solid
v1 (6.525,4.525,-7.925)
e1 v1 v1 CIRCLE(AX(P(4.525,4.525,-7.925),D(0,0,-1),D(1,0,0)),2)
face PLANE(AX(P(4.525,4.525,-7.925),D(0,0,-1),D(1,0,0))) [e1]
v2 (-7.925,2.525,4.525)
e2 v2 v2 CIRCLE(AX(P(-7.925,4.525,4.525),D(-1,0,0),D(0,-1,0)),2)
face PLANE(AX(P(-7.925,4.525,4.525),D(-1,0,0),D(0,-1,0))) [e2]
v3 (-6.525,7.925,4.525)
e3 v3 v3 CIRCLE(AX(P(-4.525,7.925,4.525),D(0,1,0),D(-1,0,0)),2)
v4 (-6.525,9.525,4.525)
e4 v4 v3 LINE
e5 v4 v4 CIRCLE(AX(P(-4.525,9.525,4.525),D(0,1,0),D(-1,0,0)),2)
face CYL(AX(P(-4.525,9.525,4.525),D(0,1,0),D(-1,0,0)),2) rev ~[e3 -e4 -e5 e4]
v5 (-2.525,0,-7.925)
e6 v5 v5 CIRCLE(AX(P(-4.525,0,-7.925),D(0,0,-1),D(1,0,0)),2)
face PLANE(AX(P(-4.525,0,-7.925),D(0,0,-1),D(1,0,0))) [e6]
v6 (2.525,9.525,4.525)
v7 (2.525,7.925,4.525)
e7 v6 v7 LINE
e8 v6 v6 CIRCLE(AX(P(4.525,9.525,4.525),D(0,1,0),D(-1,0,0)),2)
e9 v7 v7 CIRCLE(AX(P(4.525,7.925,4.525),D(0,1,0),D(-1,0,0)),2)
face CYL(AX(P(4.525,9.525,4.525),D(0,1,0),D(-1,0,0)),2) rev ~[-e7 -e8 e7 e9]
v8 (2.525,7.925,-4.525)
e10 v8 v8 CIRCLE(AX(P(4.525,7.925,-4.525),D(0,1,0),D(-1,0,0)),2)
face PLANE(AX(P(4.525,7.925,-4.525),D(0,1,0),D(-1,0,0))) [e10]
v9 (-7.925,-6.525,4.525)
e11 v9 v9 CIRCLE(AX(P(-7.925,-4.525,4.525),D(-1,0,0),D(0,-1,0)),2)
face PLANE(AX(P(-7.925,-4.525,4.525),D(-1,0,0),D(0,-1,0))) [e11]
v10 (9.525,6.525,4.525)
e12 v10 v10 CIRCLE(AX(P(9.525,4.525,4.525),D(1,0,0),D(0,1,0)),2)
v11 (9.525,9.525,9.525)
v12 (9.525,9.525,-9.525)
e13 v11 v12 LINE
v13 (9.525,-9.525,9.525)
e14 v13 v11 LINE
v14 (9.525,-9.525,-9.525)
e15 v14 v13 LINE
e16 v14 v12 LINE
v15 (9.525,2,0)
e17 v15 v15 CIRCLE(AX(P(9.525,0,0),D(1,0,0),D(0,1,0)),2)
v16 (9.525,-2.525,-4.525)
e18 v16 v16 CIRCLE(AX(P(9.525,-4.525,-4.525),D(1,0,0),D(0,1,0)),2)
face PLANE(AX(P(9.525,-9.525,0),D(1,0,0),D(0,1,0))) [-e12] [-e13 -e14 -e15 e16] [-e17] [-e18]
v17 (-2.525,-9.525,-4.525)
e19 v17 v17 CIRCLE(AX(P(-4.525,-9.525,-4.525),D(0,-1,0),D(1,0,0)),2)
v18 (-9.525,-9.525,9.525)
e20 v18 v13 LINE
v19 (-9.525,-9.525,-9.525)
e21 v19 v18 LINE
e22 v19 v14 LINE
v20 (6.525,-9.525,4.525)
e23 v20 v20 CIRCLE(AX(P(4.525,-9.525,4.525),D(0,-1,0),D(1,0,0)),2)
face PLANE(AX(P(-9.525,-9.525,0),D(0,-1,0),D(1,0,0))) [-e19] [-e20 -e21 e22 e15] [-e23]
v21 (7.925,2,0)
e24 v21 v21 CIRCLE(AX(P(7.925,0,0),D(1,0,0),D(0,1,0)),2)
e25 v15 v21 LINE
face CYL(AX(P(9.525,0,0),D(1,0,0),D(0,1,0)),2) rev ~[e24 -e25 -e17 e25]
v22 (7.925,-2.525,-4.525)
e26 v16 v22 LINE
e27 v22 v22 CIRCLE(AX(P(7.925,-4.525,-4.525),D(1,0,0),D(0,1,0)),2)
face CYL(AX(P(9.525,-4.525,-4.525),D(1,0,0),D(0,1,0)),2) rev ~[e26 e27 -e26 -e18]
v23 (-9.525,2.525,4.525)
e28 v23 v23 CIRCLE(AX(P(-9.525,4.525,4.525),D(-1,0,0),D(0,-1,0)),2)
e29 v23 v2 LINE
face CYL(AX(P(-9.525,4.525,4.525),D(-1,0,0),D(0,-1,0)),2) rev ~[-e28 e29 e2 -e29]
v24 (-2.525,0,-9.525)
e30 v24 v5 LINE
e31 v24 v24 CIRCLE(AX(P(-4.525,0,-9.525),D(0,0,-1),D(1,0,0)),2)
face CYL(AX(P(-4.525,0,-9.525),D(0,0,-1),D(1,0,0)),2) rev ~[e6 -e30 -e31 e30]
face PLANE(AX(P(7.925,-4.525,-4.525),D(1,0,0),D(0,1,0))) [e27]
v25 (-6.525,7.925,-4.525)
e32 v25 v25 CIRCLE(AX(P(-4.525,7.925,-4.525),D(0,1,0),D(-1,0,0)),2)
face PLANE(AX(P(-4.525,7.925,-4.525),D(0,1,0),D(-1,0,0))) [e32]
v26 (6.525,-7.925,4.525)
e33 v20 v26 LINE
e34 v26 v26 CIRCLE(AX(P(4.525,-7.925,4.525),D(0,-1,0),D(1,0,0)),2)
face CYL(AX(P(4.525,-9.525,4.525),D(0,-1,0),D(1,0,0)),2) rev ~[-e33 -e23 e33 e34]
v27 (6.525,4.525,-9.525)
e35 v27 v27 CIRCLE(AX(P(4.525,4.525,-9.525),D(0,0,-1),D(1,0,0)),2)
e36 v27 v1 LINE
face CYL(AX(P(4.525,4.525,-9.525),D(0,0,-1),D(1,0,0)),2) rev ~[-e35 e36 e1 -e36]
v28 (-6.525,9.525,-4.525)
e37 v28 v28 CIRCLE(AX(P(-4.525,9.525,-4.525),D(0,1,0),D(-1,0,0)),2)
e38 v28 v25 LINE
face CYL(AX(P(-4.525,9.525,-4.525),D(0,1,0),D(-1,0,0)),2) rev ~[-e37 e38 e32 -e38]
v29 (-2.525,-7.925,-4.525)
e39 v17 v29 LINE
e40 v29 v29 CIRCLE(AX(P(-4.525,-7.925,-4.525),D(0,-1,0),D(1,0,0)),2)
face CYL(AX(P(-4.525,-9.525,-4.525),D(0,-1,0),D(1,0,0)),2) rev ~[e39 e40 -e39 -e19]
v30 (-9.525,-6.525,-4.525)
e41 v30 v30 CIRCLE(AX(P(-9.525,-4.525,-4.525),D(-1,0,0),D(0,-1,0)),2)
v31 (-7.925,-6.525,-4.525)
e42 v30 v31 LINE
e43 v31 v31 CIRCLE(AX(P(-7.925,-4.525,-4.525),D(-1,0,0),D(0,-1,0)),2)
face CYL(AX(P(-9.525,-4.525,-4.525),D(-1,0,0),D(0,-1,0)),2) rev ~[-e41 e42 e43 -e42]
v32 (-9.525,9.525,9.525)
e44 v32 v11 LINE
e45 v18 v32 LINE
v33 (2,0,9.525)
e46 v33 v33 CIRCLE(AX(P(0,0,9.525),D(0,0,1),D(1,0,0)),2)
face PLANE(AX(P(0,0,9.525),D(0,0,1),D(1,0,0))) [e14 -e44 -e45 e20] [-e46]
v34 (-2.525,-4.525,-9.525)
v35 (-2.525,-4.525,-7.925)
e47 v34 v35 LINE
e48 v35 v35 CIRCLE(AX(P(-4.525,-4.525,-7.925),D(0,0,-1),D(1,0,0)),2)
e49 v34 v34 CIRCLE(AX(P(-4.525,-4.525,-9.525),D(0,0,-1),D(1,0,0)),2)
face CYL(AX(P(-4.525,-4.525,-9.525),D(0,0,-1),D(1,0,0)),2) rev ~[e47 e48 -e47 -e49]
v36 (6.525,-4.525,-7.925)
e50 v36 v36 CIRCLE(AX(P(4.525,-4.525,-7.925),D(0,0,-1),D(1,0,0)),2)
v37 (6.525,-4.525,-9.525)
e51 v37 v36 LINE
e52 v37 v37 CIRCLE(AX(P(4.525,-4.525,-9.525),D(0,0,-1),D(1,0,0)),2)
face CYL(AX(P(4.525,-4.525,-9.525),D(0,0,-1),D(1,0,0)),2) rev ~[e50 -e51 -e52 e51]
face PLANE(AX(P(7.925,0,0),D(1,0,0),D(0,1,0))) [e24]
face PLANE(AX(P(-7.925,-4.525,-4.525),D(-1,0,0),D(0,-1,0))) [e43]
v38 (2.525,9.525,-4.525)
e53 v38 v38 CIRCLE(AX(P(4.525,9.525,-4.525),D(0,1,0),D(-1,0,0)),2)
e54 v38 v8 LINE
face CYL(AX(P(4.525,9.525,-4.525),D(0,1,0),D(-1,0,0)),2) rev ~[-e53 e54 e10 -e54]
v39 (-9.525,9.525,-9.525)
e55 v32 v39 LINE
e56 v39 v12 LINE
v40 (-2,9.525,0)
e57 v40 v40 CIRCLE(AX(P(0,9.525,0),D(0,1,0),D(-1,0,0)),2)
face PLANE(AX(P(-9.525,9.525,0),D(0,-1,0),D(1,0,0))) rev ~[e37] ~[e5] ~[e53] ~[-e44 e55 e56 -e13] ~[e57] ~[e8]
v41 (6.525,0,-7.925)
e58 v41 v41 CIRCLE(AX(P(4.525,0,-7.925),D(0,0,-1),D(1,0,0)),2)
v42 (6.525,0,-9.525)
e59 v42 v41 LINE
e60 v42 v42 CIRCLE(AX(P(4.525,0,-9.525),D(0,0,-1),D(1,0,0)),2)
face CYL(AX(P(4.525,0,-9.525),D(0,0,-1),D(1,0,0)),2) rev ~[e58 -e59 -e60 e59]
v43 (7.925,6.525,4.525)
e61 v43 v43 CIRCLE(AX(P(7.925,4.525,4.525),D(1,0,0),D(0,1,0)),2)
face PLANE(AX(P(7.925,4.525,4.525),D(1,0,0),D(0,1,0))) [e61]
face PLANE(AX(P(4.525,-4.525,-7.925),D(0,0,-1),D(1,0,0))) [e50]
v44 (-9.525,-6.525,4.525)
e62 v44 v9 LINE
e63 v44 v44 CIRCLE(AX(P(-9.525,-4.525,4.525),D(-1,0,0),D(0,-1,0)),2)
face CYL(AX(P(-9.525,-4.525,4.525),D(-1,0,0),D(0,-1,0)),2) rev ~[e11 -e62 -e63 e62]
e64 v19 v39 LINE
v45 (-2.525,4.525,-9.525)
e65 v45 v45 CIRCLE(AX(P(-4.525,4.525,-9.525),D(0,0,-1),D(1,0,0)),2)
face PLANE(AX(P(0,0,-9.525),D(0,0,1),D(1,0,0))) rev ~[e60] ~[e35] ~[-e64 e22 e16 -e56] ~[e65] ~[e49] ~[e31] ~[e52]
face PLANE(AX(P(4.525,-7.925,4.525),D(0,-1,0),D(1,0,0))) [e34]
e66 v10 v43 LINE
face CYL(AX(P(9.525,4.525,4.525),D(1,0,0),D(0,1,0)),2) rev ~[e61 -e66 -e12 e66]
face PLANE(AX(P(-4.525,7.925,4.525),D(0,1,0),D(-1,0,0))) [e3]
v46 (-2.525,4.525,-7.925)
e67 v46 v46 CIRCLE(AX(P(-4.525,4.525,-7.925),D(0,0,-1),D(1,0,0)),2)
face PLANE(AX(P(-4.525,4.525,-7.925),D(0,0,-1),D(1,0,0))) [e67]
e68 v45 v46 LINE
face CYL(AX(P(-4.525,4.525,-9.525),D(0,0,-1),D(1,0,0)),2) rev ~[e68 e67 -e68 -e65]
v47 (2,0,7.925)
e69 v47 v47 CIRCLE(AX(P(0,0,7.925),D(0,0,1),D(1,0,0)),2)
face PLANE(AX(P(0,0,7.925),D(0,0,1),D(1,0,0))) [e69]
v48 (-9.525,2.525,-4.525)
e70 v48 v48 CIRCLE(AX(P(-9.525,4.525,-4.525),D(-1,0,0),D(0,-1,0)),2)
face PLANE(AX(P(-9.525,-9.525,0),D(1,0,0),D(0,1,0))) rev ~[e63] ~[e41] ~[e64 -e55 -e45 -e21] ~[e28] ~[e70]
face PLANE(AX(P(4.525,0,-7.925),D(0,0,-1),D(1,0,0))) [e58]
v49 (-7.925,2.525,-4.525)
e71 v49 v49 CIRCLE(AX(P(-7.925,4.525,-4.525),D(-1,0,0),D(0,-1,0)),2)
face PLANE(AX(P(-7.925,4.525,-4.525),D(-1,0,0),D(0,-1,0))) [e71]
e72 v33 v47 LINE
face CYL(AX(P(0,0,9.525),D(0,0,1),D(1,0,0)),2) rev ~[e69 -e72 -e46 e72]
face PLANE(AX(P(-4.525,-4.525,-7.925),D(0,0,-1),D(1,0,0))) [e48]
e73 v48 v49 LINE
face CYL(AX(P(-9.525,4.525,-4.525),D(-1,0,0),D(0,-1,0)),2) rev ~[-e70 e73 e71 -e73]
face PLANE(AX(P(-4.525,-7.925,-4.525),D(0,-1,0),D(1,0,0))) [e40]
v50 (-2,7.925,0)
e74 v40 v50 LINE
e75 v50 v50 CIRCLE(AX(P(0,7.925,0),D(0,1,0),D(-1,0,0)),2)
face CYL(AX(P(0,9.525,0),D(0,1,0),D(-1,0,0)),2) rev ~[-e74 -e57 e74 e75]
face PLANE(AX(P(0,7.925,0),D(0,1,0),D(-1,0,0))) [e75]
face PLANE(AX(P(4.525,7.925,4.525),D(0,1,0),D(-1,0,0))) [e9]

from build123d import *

# Parameters (mm, degrees)
F0_W      = 19.05
F0_H      = 19.05
F1_DEPTH  = 9.525
F2_R      = 2
F3_DEPTH  = 1.6
F4_R      = 2
F5_DEPTH  = 1.6
F6_R      = 2
F7_DEPTH  = 1.6
F8_R      = 2
F9_DEPTH  = 1.6
F10_R     = 2
F11_DEPTH = 1.6
F12_R     = 2
F13_DEPTH = 1.6


with BuildPart() as f1:
    # F0 (on Top) → F1 (new body, symmetric)
    with BuildSketch(Plane.XY):
        Rectangle(F0_W, F0_H)
    extrude(amount=F1_DEPTH, both=True)

    # F2 (on face) → F3 (cut)
    with BuildSketch(Plane.XY.offset(9.525)):
        Circle(F2_R)
    extrude(amount=-F3_DEPTH, mode=Mode.SUBTRACT)

    # F4 (on face) → F5 (cut)
    with BuildSketch(Plane.XZ.offset(9.525)):
        with Locations((4.525, 4.525)):
            Circle(F4_R)
        with Locations((-4.525, -4.525)):
            Circle(F4_R)
    extrude(amount=-F5_DEPTH, mode=Mode.SUBTRACT)

    # F6 (on face) → F7 (cut)
    with BuildSketch(Plane(origin=(0, 0, -9.525), x_dir=(1, 0, 0), z_dir=(0, 0, -1))):
        with Locations((-4.525, -4.525)):
            Circle(F6_R)
        with Locations((-4.525, 4.525)):
            Circle(F6_R)
        with Locations((4.525, -4.525)):
            Circle(F6_R)
        with Locations((4.525, 4.525)):
            Circle(F6_R)
        with Locations((-4.525, 0)):
            Circle(F6_R)
        with Locations((4.525, 0)):
            Circle(F6_R)
    extrude(amount=-F7_DEPTH, mode=Mode.SUBTRACT)

    # F8 (on face) → F9 (cut)
    with BuildSketch(Plane(origin=(0, 9.525, 0), x_dir=(-1, 0, 0), z_dir=(0, 1, 0))):
        with Locations((-4.525, -4.525)):
            Circle(F8_R)
        with Locations((-4.525, 4.525)):
            Circle(F8_R)
        with Locations((4.525, -4.525)):
            Circle(F8_R)
        with Locations((4.525, 4.525)):
            Circle(F8_R)
        Circle(F8_R)
    extrude(amount=-F9_DEPTH, mode=Mode.SUBTRACT)

    # F10 (on face) → F11 (cut)
    with BuildSketch(Plane.YZ.offset(9.525)):
        Circle(F10_R)
        with Locations((4.525, 4.525)):
            Circle(F10_R)
        with Locations((-4.525, -4.525)):
            Circle(F10_R)
    extrude(amount=-F11_DEPTH, mode=Mode.SUBTRACT)

    # F12 (on face) → F13 (cut)
    with BuildSketch(Plane(origin=(-9.525, 0, 0), x_dir=(0, -1, 0), z_dir=(-1, 0, 0))):
        with Locations((-4.525, -4.525)):
            Circle(F12_R)
        with Locations((-4.525, 4.525)):
            Circle(F12_R)
        with Locations((4.525, -4.525)):
            Circle(F12_R)
        with Locations((4.525, 4.525)):
            Circle(F12_R)
    extrude(amount=-F13_DEPTH, mode=Mode.SUBTRACT)


solid = f1.part
